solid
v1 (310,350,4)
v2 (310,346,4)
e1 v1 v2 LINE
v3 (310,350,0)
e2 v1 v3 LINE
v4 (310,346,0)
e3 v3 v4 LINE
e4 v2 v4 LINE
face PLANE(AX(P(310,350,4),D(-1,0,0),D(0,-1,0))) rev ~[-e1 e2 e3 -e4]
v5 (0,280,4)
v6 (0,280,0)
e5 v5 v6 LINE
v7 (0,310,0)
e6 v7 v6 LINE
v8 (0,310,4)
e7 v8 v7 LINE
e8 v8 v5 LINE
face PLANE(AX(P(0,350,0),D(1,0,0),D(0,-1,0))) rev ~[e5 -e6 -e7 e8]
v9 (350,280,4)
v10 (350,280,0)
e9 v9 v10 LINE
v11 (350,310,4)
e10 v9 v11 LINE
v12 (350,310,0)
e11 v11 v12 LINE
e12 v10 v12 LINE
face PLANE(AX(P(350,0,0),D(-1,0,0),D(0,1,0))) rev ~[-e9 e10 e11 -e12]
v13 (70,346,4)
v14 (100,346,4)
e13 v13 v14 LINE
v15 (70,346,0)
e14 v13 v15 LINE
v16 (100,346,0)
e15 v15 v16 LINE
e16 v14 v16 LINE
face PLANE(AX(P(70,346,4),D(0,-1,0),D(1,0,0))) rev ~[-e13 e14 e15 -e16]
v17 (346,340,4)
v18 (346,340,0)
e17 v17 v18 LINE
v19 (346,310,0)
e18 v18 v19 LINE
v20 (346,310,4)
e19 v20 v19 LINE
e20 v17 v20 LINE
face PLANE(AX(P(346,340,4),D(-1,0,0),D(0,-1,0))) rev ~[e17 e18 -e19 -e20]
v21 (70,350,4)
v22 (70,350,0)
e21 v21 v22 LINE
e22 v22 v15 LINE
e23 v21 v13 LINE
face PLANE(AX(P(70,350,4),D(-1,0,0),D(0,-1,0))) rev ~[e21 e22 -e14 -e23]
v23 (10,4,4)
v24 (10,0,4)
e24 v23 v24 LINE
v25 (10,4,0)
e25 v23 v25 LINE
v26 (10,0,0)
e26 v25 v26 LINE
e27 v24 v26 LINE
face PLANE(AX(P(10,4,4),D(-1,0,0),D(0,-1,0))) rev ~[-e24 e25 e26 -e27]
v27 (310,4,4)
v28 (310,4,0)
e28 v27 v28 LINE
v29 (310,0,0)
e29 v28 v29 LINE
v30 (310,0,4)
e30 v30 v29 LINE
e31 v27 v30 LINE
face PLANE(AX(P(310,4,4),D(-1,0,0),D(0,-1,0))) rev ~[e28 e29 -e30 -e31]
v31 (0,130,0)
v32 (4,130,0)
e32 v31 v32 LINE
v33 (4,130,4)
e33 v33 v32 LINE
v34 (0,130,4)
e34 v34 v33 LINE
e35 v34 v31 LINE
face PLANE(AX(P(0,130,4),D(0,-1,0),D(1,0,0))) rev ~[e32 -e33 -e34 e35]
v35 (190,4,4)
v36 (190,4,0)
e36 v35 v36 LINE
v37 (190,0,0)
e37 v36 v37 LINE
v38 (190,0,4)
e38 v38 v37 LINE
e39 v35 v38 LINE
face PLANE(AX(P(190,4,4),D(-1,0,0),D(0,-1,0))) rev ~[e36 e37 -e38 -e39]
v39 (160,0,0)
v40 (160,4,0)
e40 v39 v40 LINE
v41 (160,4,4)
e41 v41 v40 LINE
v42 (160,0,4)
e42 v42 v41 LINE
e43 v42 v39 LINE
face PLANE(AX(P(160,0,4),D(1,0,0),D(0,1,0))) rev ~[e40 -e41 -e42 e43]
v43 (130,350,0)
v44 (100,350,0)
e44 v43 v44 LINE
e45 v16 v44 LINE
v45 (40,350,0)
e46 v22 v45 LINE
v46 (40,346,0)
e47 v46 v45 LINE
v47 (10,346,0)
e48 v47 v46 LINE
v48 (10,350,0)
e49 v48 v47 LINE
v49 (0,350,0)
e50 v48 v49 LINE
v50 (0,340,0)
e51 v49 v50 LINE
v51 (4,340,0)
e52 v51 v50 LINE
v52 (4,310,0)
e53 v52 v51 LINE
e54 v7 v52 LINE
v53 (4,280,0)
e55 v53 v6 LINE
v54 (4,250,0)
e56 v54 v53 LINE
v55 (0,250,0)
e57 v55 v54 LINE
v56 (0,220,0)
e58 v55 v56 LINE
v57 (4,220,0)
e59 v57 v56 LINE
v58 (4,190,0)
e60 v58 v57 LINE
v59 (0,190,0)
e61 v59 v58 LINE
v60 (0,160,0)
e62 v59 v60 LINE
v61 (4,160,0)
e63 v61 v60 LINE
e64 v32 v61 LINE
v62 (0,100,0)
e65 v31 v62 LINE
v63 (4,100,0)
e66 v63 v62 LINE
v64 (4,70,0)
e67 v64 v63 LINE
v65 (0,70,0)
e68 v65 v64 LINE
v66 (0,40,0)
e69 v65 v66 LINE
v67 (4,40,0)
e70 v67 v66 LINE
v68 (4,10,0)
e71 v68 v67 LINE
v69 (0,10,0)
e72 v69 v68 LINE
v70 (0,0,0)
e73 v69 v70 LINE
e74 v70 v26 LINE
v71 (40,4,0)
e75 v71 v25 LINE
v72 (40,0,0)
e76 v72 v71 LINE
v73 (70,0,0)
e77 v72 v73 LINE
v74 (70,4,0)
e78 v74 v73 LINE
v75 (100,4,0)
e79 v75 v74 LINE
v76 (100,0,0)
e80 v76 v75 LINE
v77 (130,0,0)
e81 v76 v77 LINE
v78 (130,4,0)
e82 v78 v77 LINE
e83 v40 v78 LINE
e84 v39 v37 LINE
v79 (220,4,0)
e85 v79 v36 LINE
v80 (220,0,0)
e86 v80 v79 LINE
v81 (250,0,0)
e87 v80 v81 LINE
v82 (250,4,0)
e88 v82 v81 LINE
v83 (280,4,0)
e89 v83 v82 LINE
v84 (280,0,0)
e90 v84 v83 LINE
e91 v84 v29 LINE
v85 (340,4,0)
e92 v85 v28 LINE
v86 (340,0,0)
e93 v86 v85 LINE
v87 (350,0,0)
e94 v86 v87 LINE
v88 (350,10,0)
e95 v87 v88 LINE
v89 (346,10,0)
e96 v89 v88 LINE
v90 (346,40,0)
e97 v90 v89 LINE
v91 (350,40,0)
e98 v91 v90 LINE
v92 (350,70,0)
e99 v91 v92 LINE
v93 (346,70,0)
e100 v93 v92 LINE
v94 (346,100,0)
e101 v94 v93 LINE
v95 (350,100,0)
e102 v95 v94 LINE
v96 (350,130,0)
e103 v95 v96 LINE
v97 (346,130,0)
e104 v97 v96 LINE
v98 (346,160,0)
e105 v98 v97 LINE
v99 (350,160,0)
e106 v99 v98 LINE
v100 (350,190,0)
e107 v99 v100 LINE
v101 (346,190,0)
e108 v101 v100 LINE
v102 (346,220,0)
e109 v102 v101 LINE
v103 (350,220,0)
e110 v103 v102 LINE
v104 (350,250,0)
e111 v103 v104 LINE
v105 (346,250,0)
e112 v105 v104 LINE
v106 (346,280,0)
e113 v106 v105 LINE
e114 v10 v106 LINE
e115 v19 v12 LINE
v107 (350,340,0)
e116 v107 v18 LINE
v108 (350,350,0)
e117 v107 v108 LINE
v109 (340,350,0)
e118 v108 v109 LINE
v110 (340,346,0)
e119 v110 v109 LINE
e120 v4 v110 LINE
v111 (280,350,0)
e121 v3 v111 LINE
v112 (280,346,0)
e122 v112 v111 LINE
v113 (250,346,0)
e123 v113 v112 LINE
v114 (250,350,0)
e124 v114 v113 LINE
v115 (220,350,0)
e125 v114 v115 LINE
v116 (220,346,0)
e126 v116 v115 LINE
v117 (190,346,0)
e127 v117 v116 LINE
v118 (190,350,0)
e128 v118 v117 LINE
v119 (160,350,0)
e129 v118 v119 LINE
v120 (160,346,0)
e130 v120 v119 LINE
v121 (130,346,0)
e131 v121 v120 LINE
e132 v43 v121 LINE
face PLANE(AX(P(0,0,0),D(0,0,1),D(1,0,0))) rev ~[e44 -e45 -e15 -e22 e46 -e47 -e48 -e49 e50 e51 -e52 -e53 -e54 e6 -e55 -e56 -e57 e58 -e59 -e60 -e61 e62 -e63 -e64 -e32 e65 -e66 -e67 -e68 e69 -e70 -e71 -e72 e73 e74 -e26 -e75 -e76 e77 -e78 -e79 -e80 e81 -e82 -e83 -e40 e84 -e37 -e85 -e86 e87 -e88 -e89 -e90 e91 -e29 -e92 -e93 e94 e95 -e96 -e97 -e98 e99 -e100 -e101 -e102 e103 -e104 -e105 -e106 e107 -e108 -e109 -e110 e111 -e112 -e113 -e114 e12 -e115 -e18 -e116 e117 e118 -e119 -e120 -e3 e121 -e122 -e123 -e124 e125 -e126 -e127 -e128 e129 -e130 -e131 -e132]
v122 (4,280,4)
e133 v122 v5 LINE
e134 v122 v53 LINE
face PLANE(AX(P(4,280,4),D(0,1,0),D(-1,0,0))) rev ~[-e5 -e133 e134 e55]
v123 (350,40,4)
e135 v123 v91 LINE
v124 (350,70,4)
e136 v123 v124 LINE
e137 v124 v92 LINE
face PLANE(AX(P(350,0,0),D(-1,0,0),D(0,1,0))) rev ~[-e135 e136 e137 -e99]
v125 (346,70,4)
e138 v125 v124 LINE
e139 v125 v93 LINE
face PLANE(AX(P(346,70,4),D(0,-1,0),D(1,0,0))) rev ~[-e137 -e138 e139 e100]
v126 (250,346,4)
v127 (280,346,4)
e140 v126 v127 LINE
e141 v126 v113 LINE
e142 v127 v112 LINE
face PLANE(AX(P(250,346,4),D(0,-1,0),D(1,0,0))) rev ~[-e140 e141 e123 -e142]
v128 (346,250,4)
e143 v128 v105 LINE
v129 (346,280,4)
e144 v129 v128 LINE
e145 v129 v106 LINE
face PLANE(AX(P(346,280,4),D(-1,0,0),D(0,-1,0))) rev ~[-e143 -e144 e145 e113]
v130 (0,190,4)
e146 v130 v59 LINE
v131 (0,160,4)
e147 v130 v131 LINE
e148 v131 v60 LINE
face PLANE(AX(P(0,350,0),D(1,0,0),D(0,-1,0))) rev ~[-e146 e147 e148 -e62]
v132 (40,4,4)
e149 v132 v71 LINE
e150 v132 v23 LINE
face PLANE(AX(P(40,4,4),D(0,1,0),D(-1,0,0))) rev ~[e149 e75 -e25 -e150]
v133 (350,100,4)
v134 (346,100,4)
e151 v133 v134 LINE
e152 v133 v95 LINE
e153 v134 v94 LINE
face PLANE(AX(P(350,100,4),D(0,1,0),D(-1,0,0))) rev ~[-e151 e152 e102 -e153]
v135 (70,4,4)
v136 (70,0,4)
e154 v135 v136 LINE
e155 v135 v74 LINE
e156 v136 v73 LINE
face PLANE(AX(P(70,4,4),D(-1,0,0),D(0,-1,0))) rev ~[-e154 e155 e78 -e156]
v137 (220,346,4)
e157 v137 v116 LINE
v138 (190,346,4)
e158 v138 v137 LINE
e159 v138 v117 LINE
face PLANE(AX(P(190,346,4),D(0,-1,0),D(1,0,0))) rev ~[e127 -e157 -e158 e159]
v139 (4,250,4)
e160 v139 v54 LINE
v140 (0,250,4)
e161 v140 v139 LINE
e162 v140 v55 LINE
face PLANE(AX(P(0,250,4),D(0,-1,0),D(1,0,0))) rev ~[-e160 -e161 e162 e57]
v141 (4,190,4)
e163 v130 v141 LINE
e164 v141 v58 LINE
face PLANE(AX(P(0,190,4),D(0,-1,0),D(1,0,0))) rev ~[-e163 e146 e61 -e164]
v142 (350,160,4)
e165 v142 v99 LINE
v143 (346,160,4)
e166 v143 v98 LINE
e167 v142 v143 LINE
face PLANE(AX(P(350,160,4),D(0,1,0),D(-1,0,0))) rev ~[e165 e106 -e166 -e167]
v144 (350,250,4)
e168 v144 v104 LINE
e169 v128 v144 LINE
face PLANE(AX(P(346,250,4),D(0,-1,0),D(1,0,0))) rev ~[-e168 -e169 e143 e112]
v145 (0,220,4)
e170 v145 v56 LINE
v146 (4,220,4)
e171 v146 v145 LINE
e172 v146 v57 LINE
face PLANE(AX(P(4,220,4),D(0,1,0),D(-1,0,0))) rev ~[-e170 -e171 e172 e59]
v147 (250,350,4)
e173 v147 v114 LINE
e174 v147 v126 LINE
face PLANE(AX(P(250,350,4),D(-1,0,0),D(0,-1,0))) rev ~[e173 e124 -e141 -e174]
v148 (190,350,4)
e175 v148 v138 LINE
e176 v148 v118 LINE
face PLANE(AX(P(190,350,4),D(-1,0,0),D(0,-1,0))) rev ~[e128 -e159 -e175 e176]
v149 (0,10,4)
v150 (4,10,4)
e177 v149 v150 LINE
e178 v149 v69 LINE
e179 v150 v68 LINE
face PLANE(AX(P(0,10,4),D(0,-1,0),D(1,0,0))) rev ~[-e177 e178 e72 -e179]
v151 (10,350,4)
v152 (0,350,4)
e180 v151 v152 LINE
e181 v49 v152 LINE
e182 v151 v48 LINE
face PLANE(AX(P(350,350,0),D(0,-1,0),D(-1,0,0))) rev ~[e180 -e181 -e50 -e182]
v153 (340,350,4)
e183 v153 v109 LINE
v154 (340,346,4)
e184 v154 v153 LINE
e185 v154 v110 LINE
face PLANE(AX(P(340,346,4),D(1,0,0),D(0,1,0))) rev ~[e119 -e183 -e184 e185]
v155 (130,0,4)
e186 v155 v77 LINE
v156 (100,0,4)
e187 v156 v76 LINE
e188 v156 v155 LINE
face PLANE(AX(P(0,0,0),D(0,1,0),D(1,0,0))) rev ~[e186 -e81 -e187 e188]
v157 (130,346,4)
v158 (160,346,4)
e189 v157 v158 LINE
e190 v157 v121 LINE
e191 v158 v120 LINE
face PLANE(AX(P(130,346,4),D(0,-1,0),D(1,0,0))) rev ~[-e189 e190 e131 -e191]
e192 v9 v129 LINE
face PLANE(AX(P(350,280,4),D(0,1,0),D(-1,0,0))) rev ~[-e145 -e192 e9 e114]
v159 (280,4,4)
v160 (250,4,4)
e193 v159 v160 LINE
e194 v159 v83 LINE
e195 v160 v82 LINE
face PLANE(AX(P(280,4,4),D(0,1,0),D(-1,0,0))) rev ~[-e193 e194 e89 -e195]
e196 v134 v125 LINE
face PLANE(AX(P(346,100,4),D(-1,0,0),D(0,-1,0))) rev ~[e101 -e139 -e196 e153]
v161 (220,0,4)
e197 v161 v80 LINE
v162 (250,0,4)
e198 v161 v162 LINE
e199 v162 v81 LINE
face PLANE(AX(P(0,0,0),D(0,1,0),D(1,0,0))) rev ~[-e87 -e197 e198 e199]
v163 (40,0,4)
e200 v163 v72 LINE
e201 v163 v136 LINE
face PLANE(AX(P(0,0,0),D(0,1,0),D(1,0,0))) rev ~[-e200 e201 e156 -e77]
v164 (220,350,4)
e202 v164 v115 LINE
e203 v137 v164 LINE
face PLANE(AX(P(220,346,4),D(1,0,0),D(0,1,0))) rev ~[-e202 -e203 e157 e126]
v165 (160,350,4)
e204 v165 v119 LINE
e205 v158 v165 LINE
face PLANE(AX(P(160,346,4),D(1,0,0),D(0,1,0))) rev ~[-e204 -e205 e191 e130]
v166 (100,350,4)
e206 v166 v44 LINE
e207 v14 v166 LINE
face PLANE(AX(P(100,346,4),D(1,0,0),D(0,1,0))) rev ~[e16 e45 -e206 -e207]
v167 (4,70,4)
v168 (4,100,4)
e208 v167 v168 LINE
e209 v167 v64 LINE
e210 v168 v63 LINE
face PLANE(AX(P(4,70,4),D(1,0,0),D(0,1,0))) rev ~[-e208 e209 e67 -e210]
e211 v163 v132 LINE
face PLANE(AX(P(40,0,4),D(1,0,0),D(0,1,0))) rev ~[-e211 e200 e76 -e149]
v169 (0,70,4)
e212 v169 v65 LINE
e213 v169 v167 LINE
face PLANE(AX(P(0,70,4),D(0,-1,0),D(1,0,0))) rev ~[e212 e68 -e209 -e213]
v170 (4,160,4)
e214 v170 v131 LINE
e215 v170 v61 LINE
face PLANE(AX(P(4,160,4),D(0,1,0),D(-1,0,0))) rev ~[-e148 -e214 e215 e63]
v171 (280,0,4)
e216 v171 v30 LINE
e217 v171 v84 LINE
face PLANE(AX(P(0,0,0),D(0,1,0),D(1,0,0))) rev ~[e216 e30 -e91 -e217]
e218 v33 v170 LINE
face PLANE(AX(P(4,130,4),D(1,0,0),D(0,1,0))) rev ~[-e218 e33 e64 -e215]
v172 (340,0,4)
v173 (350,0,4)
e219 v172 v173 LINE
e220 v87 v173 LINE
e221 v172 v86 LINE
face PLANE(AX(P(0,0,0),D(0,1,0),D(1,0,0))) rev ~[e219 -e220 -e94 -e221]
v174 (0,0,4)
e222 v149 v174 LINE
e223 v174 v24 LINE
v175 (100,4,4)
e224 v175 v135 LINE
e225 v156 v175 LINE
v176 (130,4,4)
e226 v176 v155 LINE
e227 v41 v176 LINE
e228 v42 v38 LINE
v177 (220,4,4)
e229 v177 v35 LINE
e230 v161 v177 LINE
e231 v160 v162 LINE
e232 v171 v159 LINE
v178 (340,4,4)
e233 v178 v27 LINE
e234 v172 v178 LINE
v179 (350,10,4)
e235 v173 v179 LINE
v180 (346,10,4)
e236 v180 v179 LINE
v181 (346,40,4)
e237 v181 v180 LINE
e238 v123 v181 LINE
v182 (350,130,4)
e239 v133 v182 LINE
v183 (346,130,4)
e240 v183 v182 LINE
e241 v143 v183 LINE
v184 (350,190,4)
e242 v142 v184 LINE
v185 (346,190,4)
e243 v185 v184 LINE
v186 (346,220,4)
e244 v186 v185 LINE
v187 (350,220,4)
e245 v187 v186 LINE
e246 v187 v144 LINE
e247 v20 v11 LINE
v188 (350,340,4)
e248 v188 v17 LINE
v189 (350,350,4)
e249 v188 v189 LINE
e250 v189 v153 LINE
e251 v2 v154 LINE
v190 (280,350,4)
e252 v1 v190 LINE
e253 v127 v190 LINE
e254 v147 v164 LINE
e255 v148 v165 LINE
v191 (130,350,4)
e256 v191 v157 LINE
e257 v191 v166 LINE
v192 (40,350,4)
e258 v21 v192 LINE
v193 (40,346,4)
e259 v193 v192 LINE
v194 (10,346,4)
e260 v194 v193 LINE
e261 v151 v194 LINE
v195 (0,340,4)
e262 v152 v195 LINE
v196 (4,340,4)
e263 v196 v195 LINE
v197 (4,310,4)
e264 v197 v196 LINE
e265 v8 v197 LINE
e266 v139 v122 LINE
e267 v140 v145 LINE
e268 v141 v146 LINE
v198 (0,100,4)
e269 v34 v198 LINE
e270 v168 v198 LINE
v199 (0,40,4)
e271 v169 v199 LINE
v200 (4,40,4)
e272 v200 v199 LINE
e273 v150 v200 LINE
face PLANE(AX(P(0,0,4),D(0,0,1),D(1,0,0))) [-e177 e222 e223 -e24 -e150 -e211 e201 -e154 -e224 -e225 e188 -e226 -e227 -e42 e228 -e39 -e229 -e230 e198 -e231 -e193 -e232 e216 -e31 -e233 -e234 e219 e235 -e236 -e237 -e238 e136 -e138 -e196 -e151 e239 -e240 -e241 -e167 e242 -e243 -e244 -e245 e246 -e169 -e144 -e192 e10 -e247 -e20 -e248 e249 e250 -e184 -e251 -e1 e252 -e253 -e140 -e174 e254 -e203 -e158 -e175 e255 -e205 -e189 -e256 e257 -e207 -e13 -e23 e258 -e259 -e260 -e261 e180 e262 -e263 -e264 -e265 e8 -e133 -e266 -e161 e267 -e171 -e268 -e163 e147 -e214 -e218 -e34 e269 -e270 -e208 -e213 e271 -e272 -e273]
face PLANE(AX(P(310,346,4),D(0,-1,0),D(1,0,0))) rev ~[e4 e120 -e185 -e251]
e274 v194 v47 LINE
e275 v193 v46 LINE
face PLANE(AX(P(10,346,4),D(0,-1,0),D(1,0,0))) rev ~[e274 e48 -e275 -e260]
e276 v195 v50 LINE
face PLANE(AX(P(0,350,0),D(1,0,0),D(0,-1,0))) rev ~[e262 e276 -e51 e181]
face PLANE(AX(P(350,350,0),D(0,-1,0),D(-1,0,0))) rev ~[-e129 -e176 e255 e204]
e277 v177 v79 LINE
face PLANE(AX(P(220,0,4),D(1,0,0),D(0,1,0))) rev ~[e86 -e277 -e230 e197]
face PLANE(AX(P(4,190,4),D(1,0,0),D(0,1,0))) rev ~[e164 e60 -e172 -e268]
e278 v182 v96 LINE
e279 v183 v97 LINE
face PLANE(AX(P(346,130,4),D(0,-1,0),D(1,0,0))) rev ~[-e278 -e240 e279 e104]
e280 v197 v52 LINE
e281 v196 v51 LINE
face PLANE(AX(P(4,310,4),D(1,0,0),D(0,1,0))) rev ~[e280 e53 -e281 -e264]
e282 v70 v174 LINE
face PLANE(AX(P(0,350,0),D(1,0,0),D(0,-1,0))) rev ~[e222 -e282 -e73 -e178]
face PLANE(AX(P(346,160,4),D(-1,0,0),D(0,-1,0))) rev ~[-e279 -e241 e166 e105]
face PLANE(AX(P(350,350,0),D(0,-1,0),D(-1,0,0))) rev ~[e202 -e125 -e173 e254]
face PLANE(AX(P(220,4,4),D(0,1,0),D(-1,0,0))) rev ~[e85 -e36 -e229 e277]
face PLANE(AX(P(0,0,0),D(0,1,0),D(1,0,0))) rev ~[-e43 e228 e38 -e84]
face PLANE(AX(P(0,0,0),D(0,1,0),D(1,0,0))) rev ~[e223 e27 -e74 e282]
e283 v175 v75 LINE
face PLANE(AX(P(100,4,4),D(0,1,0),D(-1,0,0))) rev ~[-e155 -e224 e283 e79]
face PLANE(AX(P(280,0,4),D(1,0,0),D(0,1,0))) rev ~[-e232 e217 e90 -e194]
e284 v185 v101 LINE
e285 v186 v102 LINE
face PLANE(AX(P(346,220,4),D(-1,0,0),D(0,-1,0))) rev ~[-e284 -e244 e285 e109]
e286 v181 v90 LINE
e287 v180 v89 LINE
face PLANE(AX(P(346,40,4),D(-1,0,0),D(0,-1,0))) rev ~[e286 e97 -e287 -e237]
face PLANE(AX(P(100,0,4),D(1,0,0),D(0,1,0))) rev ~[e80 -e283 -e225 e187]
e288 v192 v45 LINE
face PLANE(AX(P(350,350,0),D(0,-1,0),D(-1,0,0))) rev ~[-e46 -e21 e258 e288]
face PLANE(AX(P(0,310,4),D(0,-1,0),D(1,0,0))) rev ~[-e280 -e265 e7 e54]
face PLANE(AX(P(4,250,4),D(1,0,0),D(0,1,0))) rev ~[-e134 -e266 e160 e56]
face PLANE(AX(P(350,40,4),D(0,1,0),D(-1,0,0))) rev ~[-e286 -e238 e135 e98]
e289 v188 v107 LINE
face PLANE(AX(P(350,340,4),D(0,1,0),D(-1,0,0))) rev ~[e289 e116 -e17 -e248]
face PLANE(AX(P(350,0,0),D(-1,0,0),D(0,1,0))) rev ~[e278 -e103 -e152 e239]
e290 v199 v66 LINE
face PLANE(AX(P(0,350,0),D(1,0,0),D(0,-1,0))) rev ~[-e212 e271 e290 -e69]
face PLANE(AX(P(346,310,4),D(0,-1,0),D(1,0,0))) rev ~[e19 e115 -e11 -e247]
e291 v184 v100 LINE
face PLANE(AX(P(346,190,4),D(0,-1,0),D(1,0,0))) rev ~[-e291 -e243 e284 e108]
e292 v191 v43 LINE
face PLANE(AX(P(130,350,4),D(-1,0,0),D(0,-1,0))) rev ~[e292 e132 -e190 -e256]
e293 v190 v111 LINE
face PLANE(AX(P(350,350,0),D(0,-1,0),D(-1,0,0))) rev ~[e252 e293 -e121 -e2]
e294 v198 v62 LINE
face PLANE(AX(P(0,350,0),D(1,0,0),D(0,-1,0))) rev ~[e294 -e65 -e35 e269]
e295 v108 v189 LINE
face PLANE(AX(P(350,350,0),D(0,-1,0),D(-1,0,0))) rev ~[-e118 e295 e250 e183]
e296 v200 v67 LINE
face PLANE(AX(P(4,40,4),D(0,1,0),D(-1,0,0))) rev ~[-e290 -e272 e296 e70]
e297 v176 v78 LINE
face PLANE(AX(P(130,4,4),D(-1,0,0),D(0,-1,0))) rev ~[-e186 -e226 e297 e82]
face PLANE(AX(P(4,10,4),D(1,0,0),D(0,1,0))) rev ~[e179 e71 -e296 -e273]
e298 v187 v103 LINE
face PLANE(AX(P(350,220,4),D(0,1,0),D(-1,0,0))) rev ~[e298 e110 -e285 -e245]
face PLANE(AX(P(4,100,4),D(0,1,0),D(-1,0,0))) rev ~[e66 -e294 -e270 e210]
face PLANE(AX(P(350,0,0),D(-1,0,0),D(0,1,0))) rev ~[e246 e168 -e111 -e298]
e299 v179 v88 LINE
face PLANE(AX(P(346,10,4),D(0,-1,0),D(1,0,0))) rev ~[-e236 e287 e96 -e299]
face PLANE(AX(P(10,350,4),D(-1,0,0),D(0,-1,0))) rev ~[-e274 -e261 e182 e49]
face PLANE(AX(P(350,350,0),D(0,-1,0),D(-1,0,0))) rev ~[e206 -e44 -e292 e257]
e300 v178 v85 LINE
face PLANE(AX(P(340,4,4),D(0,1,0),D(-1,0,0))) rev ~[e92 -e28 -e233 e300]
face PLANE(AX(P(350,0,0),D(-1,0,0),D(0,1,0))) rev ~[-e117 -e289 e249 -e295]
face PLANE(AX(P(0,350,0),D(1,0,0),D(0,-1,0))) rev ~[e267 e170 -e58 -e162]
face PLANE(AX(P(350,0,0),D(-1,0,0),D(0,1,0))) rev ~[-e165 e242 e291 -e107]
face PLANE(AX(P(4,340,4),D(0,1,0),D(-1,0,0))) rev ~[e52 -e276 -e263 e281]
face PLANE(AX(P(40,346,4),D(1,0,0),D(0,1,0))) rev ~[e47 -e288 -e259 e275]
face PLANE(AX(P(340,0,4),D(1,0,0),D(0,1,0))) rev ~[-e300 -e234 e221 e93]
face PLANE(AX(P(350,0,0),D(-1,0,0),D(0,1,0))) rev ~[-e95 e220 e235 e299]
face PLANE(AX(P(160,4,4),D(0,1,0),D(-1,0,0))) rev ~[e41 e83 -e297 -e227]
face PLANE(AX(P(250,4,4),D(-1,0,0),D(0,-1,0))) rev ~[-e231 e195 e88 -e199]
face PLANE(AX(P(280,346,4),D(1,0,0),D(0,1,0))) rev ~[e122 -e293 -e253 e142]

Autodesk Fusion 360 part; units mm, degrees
sketch "Sketch1" plane through (0, 0, 0) normal (0, 0, 1) x (1, 0, 0)
  line L0 (0, 0) -> (350, 0)
  line L1 (350, 0) -> (350, 350)
  line L2 (350, 350) -> (0, 350)
  line L3 (0, 350) -> (0, 0)
  point P0 (175, 175)
  dimension "d1" = 350
  dimension "d2" = 350
  dimension "d7" = 175
  dimension "d8" = 175
extrude "Extrude1" add sketch "Sketch1" along normal blind 4 makes body 1
sketch "Sketch2" plane through (0, 0, 4) normal (0, 0, 1) x (-1, 0, 0)
  line L0 (0, -350) -> (0, 0)
  line L1 (-10, 0) -> (-40, 0)
  line L2 (-40, 0) -> (-40, -4)
  line L3 (-40, -4) -> (-10, -4)
  line L4 (-10, -4) -> (-10, 0)
  line L5 (0, -10) -> (-4, -10)
  line L6 (-4, -10) -> (-4, -40)
  line L7 (-4, -40) -> (0, -40)
  line L8 (0, -40) -> (0, -10)
  line L9 (0, 0) -> (-350, 0)
  dimension "d12" = 10
  dimension "d14" = 30
  dimension "d15" = 4
  dimension "d26" = 30
  dimension "d27" = 4
  dimension "d47" = 10
extrude "Extrude4" cut sketch "Sketch2" against normal through all contours L0 L5 L6 L7 L8 bodies 1
extrude "Extrude5" cut sketch "Sketch2" against normal through all contours L1 L2 L3 L4 L9 bodies 1
pattern_linear "R-Pattern1" count 6 spacing 60 along (0, 1, 0) count 2 spacing 346 along (1, 0, 0) of "Extrude4"
pattern_linear "R-Pattern2" count 6 spacing 60 along (1, 0, 0) count 2 spacing 346 along (0, 1, 0) of "Extrude5"
copy_body "Body->Comp1" bodies 1 removing the originals makes body 2 in component "Component"
component "Component" placed x (1, 0, 0) y (0, 1, 0) z (0, 0, 1) at (0, 0, 0)
equation "d1 = Linear Dimension-2"
equation "mm = 툁"
equation "d2 = d"
equation "b = 350 mm" comment "width"
equation "d = 350 mm" comment "depth"
equation "h = 290 mm" comment "height"
equation "t = 4 mm" comment "thickness"
equation "d7 = d / 2"
equation "d8 = b / 2"
equation "d9 = t"
equation "a = 30 mm"
equation "d12 = b_corner"
equation "b_corner = ( b - ( floor(b / a) * a ) ) / 2"
equation "d14 = a"
equation "d15 = t"
equation "n_b = floor(floor(b / a) / 2) + 1"
equation "d26 = a"
equation "d27 = t"
equation "d_corner = ( d - ( floor(d / a) * a ) ) / 2"
equation "n_d = floor(floor(d / a) / 2) + 1"
equation "d39 = n_d"
equation "d41 = 2 * a"
equation "d42 = b - t"
equation "d43 = n_b"
equation "d45 = 2 * a"
equation "d46 = d - t"
equation "d47 = d_corner"
